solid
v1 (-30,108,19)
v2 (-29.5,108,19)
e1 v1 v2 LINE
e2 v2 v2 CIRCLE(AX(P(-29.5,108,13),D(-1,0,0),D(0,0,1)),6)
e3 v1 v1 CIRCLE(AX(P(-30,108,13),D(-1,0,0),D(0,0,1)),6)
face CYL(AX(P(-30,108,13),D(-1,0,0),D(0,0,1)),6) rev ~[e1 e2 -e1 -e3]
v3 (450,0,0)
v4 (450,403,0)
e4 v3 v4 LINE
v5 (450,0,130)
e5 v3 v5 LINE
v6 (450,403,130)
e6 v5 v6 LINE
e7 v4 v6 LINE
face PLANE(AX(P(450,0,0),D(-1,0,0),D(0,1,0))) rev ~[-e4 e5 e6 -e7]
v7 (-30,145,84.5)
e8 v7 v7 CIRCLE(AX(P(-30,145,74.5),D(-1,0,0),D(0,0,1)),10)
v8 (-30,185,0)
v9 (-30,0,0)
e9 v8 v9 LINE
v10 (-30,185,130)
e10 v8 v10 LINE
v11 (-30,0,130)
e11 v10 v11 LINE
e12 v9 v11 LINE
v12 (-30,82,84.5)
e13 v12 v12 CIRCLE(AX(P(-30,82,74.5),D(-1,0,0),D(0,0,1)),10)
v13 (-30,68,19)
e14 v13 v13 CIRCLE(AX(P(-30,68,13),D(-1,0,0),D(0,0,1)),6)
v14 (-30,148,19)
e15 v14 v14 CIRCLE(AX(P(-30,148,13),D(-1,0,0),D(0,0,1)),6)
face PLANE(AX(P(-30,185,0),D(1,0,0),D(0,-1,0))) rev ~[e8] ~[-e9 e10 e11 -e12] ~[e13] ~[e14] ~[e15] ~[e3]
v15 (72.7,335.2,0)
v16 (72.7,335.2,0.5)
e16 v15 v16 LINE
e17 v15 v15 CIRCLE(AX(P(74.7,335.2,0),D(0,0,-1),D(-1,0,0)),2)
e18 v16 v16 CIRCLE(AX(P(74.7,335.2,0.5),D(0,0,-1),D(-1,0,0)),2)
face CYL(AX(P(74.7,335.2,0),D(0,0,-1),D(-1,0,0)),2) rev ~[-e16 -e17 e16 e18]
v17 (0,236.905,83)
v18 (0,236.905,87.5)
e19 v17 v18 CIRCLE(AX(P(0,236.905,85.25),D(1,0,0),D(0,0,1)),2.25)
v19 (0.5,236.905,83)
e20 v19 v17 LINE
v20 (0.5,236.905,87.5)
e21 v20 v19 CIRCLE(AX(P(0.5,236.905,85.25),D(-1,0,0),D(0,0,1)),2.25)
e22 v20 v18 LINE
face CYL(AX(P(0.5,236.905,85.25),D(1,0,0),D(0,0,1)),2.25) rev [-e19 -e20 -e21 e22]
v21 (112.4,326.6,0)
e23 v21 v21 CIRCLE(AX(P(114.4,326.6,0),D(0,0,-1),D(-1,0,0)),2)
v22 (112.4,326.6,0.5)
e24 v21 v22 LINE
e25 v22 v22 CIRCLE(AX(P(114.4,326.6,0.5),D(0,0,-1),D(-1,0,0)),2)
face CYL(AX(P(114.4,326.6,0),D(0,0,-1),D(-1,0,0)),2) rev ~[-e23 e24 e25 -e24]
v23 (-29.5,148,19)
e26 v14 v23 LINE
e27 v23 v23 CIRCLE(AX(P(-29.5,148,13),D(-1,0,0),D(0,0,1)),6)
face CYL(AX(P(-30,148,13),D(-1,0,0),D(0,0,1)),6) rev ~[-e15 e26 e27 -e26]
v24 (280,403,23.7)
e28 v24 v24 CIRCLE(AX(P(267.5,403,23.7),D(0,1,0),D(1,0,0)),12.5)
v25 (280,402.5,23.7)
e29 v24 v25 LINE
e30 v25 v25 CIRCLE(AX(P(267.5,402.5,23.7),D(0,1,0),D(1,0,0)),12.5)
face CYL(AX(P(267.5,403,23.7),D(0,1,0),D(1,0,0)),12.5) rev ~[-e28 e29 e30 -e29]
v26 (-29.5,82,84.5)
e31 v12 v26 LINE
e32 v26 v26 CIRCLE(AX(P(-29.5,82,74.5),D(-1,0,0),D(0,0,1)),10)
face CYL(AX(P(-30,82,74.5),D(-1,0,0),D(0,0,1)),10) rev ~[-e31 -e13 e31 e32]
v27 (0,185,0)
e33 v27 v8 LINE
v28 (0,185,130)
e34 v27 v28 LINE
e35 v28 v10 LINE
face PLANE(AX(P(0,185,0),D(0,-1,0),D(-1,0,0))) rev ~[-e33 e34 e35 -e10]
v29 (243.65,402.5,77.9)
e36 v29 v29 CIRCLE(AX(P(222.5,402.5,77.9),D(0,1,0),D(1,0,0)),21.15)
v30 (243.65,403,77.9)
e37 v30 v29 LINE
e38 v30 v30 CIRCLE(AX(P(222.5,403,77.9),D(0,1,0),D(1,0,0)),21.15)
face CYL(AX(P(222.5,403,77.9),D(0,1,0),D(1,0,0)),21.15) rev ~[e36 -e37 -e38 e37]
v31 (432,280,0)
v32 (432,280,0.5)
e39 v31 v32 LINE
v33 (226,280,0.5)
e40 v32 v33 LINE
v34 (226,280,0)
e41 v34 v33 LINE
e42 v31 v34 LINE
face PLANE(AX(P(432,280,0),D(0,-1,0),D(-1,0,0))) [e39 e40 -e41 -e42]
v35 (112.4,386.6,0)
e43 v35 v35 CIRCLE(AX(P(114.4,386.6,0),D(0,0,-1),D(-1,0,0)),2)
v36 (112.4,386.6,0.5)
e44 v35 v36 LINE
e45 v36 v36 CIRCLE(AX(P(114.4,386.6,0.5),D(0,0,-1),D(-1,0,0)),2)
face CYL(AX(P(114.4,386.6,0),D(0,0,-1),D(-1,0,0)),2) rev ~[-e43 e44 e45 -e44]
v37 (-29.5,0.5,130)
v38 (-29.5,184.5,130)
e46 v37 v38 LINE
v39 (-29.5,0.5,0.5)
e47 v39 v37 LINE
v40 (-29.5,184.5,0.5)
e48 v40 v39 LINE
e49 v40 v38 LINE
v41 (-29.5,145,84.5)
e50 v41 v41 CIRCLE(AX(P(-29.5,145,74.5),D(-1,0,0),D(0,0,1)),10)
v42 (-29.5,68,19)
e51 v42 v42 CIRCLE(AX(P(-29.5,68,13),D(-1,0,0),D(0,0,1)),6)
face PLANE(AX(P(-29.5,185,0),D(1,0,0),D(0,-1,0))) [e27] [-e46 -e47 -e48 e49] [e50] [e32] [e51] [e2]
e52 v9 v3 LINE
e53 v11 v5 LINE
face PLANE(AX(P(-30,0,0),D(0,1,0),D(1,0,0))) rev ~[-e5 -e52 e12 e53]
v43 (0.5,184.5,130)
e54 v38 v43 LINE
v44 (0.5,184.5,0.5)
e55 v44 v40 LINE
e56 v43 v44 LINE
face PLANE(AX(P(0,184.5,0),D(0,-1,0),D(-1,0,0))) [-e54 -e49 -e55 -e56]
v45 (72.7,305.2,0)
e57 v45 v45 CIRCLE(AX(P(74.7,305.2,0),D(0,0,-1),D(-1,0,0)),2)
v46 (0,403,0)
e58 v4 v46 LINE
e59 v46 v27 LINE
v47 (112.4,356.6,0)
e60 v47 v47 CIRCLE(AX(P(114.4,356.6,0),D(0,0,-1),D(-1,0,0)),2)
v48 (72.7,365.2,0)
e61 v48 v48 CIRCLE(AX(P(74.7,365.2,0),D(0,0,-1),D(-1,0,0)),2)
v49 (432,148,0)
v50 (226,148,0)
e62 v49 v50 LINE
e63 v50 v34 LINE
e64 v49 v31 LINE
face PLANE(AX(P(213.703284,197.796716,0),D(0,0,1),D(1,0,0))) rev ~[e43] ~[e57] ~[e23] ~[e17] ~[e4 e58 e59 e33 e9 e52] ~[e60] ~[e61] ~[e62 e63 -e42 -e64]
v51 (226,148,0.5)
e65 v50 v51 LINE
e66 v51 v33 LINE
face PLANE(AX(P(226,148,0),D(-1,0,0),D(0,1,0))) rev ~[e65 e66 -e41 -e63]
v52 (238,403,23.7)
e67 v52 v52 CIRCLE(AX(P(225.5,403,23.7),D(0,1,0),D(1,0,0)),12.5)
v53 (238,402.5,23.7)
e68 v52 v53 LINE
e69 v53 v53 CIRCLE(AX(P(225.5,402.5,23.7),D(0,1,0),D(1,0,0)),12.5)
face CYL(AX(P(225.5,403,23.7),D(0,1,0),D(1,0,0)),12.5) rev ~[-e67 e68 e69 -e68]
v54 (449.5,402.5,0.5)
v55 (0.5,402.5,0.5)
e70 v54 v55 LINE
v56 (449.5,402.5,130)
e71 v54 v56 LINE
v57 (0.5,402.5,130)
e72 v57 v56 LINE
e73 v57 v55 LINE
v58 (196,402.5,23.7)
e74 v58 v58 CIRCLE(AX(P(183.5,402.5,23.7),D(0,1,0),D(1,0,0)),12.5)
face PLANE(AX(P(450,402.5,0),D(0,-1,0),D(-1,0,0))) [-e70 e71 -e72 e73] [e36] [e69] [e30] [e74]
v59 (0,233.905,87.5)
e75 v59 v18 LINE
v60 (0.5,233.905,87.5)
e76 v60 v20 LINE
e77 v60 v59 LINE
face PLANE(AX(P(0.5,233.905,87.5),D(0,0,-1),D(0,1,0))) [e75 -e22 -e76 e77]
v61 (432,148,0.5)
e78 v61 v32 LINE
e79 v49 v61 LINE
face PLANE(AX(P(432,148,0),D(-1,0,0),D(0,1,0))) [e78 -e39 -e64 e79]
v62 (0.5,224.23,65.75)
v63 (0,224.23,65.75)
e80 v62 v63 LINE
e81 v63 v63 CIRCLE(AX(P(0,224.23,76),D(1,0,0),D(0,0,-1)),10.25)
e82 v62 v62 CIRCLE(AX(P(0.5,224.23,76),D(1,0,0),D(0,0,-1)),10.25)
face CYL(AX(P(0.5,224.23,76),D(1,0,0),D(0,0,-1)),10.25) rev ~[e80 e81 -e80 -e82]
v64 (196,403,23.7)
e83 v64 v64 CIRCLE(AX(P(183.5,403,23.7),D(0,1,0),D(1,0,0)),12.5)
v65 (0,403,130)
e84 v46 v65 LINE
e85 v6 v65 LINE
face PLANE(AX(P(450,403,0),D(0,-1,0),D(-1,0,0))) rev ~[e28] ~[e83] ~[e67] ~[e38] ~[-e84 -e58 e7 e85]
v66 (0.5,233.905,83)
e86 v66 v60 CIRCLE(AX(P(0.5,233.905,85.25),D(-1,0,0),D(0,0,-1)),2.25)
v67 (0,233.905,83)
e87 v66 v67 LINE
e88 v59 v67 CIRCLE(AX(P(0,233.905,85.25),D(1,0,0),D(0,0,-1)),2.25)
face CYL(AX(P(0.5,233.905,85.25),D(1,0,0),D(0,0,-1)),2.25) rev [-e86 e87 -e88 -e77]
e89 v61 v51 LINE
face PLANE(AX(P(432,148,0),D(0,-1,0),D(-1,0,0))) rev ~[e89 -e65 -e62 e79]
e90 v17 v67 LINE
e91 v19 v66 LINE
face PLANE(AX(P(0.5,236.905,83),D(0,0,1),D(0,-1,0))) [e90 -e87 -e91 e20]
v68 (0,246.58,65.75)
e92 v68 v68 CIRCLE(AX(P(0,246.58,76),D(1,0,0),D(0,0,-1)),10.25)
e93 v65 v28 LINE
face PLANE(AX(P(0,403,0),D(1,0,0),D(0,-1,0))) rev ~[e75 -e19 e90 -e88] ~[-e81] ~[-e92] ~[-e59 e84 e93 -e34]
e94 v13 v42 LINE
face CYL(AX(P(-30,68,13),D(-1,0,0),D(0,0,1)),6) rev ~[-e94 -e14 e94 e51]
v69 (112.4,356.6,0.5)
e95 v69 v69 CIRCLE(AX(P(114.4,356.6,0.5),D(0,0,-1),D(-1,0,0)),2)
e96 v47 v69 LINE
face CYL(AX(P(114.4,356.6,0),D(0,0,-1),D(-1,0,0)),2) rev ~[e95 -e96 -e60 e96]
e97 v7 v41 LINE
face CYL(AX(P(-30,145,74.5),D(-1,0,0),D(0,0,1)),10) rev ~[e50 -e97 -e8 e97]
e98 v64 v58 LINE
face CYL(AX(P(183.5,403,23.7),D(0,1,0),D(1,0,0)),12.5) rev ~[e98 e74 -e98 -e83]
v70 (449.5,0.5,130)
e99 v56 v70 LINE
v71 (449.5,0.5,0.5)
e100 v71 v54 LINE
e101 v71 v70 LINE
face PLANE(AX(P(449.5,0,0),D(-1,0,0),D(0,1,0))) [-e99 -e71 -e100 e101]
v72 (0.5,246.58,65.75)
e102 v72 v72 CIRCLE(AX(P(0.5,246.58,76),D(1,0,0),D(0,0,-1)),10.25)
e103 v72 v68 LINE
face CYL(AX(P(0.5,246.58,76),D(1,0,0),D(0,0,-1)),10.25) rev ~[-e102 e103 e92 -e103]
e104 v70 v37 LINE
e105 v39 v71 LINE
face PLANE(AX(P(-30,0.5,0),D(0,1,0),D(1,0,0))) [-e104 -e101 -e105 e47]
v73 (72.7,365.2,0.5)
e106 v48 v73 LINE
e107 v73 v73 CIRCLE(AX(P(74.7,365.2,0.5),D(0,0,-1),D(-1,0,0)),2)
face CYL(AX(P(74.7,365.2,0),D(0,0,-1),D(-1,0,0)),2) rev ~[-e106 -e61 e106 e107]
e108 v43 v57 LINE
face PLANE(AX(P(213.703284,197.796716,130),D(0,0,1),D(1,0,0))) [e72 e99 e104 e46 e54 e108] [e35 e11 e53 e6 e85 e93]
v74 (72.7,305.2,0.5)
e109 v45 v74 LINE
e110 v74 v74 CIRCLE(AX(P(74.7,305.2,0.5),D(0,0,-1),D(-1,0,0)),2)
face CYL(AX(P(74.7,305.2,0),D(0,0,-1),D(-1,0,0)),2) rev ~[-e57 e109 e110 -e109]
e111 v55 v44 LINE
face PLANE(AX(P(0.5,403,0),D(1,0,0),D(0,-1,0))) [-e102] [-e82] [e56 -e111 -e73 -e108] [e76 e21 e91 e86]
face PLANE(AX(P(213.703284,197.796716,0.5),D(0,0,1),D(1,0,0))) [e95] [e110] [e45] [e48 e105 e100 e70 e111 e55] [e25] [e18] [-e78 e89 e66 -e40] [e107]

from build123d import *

# Parameters (mm, degrees)
DODANIE_WYCI_GNI_CIE1_DEPTH = 130
SKORUPA1_T                  = -0.5
WYTNIJ_WYCI_GNI_CIE1_REACH  = 132
SZKIC2_W                    = 206
SZKIC2_H                    = 132
SZKIC4_R                    = 2
WYTNIJ_WYCI_GNI_CIE2_DEPTH  = 10
SZKIC5_R                    = 21.15
SZKIC5_R_2                  = 12.5
WYTNIJ_WYCI_GNI_CIE3_DEPTH  = 10
SZKIC6_R                    = 10
SZKIC6_R_2                  = 6
WYTNIJ_WYCI_GNI_CIE4_DEPTH  = 10
SZKIC7_R                    = 10.25
WYTNIJ_WYCI_GNI_CIE5_DEPTH  = 10


with BuildPart() as part:
    # Szkic1 → Dodanie-wyciągnięcie1 (new body)
    with BuildSketch(Plane.XY):
        Polygon((0, 403), (0, 185), (-30, 185), (-30, 0), (450, 0), (450, 403), align=None)
    extrude(amount=DODANIE_WYCI_GNI_CIE1_DEPTH)

    # Skorupa1
    skorupa1_openings = [part.faces().sort_by_distance(p)[0] for p in [
        (140, 196, 130),
    ]]
    offset(amount=SKORUPA1_T, openings=skorupa1_openings, kind=Kind.INTERSECTION)

    # Szkic2 → Wytnij-wyciągnięcie1 (cut, up to next)
    with BuildSketch(Plane(origin=(0, 0, 0), x_dir=(-1, 0, 0), z_dir=(0, 0, -1)), mode=Mode.PRIVATE) as wytnij_wyci_gni_cie1_sk1:
        with Locations((-329, 214)):
            Rectangle(SZKIC2_W, SZKIC2_H)
    wytnij_wyci_gni_cie1_tool1 = extrude(wytnij_wyci_gni_cie1_sk1.sketch, amount=-WYTNIJ_WYCI_GNI_CIE1_REACH, mode=Mode.PRIVATE) & part.part
    add(wytnij_wyci_gni_cie1_tool1.solids().sort_by_distance((329, 214, 0))[0], mode=Mode.SUBTRACT)

    # Szkic4 → Wytnij-wyciągnięcie2 (cut)
    with BuildSketch(Plane(origin=(0, 0, 0), x_dir=(-1, 0, 0), z_dir=(0, 0, -1))):
        with Locations((-114.4, 386.6)):
            Circle(SZKIC4_R)
        with Locations((-74.7, 365.2)):
            Circle(SZKIC4_R)
        with Locations((-74.7, 335.2)):
            Circle(SZKIC4_R)
        with Locations((-114.4, 356.6)):
            Circle(SZKIC4_R)
        with Locations((-74.7, 305.2)):
            Circle(SZKIC4_R)
        with Locations((-114.4, 326.6)):
            Circle(SZKIC4_R)
    extrude(amount=-WYTNIJ_WYCI_GNI_CIE2_DEPTH, mode=Mode.SUBTRACT)

    # Szkic5 → Wytnij-wyciągnięcie3 (cut)
    with BuildSketch(Plane(origin=(0, 403, 0), x_dir=(1, 0, 0), z_dir=(0, 1, 0))):
        with Locations((222.5, -77.9)):
            Circle(SZKIC5_R)
        with Locations((225.5, -23.7)):
            Circle(SZKIC5_R_2)
        with Locations((267.5, -23.7)):
            Circle(SZKIC5_R_2)
        with Locations((183.5, -23.7)):
            Circle(SZKIC5_R_2)
    extrude(amount=-WYTNIJ_WYCI_GNI_CIE3_DEPTH, mode=Mode.SUBTRACT)

    # Szkic6 → Wytnij-wyciągnięcie4 (cut)
    with BuildSketch(Plane.ZY.offset(30)):
        with Locations((74.5, 145)):
            Circle(SZKIC6_R)
        with Locations((74.5, 82)):
            Circle(SZKIC6_R)
        with Locations((13, 148)):
            Circle(SZKIC6_R_2)
        with Locations((13, 108)):
            Circle(SZKIC6_R_2)
        with Locations((13, 68)):
            Circle(SZKIC6_R_2)
    extrude(amount=-WYTNIJ_WYCI_GNI_CIE4_DEPTH, mode=Mode.SUBTRACT)

    # Szkic7 → Wytnij-wyciągnięcie5 (cut)
    with BuildSketch(Plane(origin=(0.5, 0, 0), x_dir=(0, 0, -1), z_dir=(1, 0, 0))):
        with Locations((-76, 224.23)):
            Circle(SZKIC7_R)
        with Locations((-76, 246.58)):
            Circle(SZKIC7_R)
        with BuildLine():
            Line((-87.5, 233.905), (-87.5, 236.905))
            ThreePointArc((-87.5, 236.905), (-85.25, 239.155), (-83, 236.905))
            Line((-83, 236.905), (-83, 233.905))
            ThreePointArc((-83, 233.905), (-85.25, 231.655), (-87.5, 233.905))
        make_face()
    extrude(amount=-WYTNIJ_WYCI_GNI_CIE5_DEPTH, mode=Mode.SUBTRACT)


solid = part.part
